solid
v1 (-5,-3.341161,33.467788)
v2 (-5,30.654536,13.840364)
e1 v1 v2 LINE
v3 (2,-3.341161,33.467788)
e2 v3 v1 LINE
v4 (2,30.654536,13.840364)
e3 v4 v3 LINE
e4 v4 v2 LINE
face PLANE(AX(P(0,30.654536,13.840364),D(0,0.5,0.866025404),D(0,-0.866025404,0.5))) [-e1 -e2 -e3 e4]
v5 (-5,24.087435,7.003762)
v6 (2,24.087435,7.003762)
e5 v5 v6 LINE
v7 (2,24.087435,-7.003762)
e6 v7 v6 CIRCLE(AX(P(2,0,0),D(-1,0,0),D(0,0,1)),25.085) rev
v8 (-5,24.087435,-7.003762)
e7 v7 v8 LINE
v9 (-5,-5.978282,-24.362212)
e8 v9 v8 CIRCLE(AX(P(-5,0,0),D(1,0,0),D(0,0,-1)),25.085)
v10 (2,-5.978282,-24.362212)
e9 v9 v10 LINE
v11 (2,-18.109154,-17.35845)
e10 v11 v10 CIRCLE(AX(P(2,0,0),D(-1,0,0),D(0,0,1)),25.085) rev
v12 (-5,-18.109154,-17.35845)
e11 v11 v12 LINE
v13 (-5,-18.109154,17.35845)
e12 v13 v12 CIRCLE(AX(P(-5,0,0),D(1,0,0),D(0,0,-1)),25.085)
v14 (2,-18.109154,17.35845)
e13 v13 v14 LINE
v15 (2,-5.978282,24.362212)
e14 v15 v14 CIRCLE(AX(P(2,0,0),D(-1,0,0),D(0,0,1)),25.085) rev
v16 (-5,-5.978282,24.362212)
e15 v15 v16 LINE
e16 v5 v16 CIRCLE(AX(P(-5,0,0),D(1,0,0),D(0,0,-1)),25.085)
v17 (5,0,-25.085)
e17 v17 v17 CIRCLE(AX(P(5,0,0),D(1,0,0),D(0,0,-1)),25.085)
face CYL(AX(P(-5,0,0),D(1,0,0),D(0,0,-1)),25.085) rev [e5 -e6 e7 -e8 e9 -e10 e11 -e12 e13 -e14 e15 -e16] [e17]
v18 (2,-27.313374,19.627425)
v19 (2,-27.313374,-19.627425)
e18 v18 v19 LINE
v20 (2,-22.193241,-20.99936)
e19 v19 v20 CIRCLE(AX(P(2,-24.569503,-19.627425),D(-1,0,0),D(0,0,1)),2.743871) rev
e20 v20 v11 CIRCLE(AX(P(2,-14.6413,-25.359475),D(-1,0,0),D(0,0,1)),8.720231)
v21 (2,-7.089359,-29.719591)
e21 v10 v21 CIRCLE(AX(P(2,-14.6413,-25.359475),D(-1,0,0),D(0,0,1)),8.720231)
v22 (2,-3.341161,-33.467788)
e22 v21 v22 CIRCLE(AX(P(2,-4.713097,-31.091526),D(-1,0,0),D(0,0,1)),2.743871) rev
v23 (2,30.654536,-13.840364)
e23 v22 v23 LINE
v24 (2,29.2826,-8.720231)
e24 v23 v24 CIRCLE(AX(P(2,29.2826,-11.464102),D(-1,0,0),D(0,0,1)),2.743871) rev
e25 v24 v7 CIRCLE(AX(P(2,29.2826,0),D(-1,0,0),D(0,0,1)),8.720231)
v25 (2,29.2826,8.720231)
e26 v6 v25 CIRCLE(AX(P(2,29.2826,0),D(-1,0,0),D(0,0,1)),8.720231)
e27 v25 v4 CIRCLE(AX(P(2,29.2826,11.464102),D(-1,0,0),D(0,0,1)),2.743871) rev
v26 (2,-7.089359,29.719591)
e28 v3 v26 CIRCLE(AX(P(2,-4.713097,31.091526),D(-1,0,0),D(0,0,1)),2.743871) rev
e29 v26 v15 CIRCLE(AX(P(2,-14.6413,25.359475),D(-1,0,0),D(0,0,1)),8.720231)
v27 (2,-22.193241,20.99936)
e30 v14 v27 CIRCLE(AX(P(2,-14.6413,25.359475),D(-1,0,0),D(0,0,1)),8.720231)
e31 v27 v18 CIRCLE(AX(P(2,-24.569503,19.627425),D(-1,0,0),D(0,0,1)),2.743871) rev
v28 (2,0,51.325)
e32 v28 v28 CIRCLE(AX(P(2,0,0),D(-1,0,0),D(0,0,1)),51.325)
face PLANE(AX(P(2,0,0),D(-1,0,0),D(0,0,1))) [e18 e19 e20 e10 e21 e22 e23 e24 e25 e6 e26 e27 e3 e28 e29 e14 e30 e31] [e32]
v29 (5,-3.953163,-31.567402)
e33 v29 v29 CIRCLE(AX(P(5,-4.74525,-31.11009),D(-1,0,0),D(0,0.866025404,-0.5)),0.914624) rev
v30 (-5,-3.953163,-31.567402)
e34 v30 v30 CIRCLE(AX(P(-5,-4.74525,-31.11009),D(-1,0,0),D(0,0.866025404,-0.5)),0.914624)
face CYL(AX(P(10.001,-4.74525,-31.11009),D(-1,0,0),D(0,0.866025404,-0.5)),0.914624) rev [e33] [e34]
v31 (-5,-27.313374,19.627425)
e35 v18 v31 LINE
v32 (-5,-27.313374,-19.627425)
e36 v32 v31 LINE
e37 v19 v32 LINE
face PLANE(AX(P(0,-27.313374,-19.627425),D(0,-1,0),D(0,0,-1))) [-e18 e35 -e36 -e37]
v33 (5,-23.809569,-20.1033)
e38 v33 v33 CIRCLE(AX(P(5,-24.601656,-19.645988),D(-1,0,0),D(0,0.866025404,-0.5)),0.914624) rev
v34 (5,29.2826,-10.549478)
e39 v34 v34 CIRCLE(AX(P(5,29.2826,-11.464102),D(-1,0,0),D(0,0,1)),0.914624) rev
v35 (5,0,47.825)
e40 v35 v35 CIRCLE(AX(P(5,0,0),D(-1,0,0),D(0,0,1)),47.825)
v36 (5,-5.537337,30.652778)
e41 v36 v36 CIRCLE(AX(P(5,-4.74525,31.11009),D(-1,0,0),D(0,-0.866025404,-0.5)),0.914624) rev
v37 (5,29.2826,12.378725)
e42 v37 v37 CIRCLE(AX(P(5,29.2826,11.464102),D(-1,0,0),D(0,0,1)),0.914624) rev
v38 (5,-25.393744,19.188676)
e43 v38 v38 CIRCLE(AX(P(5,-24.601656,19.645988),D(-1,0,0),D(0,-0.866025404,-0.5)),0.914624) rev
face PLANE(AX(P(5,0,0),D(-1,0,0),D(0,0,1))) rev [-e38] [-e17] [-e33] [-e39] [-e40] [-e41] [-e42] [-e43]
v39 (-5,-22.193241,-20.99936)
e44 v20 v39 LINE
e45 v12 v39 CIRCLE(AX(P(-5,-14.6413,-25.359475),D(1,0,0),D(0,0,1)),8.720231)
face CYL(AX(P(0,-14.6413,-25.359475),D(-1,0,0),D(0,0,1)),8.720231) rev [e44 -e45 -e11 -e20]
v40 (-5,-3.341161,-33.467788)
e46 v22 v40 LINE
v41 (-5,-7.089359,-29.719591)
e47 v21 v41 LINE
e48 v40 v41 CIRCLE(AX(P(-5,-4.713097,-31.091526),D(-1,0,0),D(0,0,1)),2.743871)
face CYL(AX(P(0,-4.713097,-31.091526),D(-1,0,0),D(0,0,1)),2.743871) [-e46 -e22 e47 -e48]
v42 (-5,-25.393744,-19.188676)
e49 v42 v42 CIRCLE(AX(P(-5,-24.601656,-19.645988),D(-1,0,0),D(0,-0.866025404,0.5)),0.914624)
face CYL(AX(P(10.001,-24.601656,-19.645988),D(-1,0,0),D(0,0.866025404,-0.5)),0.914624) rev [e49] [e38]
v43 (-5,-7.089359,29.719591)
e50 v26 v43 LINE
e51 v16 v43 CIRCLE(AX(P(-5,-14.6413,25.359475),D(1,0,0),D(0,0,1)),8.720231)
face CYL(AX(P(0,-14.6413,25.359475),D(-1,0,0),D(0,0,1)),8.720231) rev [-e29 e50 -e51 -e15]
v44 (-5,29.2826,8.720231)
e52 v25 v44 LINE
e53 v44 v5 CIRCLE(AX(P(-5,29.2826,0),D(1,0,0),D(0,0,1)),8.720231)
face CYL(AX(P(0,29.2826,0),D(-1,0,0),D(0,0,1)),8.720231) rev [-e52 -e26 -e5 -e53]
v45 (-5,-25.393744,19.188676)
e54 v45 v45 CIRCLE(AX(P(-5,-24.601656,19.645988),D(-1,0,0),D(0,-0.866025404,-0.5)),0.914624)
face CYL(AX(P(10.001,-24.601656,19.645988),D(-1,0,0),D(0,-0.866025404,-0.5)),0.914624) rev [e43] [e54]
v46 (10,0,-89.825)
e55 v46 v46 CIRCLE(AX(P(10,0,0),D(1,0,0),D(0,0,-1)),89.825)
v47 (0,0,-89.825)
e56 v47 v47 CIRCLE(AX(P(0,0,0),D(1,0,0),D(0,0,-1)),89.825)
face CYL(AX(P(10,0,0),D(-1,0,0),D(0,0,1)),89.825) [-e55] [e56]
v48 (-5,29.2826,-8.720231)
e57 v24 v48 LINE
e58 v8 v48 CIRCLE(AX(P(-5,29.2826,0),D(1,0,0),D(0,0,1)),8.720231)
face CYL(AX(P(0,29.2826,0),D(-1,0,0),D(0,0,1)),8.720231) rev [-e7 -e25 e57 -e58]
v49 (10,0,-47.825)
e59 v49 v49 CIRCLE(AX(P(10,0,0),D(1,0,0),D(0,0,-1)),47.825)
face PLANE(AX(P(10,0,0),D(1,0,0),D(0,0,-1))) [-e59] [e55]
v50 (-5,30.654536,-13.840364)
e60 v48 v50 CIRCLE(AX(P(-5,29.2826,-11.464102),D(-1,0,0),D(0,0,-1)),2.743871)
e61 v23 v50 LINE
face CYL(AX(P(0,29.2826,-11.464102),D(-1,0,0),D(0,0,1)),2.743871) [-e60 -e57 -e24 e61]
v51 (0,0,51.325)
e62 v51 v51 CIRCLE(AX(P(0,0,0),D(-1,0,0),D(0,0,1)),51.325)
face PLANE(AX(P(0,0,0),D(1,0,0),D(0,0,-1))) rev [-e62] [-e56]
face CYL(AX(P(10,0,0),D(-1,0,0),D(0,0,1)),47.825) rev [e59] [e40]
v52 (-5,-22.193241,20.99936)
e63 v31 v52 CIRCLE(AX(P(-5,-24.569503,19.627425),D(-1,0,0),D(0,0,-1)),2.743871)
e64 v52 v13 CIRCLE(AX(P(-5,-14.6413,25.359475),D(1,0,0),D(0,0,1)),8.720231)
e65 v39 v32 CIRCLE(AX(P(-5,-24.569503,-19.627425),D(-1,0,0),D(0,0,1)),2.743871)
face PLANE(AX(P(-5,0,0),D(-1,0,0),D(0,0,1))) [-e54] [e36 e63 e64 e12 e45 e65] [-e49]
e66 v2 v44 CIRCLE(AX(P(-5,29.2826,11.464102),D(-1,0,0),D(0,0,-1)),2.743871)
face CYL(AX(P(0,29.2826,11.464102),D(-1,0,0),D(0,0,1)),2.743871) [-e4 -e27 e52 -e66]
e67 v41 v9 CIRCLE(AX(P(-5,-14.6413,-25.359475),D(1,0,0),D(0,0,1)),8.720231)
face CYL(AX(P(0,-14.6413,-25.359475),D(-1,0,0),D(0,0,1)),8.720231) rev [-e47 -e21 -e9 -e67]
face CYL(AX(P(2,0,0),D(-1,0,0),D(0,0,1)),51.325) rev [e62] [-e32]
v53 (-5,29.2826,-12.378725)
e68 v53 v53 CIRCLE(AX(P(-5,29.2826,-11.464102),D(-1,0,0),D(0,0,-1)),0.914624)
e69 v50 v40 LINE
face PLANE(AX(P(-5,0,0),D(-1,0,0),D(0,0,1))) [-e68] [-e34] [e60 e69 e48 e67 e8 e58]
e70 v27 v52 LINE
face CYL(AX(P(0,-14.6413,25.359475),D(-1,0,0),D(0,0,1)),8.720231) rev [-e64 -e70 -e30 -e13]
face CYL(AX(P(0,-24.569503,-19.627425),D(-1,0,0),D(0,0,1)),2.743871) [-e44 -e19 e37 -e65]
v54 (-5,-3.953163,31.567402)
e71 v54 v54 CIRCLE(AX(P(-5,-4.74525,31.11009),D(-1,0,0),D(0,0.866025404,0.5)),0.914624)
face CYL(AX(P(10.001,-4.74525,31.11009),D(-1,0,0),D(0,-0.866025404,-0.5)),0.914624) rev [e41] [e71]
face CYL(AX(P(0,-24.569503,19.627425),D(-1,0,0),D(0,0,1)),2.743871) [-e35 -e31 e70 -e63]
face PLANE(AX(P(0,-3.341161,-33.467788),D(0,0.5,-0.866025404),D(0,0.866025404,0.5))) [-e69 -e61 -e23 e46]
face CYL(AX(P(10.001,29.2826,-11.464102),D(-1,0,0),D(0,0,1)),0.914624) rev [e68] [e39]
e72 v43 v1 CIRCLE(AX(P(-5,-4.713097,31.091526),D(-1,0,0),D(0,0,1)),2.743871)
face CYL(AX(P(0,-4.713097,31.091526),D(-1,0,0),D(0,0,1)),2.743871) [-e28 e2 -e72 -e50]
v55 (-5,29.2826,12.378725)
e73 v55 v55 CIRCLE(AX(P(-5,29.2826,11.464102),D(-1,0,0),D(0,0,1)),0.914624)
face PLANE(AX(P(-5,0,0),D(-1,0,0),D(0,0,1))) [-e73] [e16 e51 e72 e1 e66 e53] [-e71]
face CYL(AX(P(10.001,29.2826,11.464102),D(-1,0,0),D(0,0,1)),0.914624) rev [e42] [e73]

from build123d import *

# Parameters (mm, degrees)
SKETCH1_R                   = 89.825
SKETCH1_R_2                 = 47.825
BOSS_EXTRUDE1_DEPTH         = 10
SKETCH3_R                   = 47.825
TBH_IDK_DEPTH               = 5
EXTRUSION_START             = 5
SKETCH4_R                   = 47.825
EXTRUSION_TO_FUEL_MAN_DEPTH = 5
OX_DOWNCOMER_REACH          = 129.914
OX_PROFILE_R                = 0.914623685
OX_ORIFICES_COUNT           = 3
SKETCH7_R                   = 47.825
FUEL_BLOCKERS_DEPTH         = 5
SKETCH8_R                   = 25.085
TI_CUT_EXTRUDE_DEPTH        = 128.424727781
SKETCH9_R                   = 51.325
FUEL_VOLUME_DEPTH           = 2


with BuildPart() as part:
    # Sketch1 → Boss-Extrude1 (new body)
    with BuildSketch(Plane(origin=(0, 0, 0), x_dir=(0, 0, -1), z_dir=(1, 0, 0))):
        Circle(SKETCH1_R)
        Circle(SKETCH1_R_2, mode=Mode.SUBTRACT)
    extrude(amount=BOSS_EXTRUDE1_DEPTH)

    # Sketch3 → tbh idk (add)
    with BuildSketch(Plane.ZY):
        Circle(SKETCH3_R)
    extrude(amount=-TBH_IDK_DEPTH)

    # Sketch4 → Extrusion to Fuel Man (add)
    with BuildSketch(Plane.ZY.offset(EXTRUSION_START)):
        Circle(SKETCH4_R)
    extrude(amount=-EXTRUSION_TO_FUEL_MAN_DEPTH)

    # Ox Profile → Ox Downcomer (cut, up to next)
    with BuildSketch(Plane.ZY.offset(5), mode=Mode.PRIVATE) as ox_downcomer_sk1:
        with Locations((11.464101615, 29.2826)):
            Circle(OX_PROFILE_R)
    ox_downcomer_tool1 = extrude(ox_downcomer_sk1.sketch, amount=-OX_DOWNCOMER_REACH, mode=Mode.PRIVATE) & part.part
    # Ox Profile → Ox Downcomer (cut, up to next)
    with BuildSketch(Plane.ZY.offset(5), mode=Mode.PRIVATE) as ox_downcomer_sk2:
        with Locations((-11.464101615, 29.2826)):
            Circle(OX_PROFILE_R)
    ox_downcomer_tool2 = extrude(ox_downcomer_sk2.sketch, amount=-OX_DOWNCOMER_REACH, mode=Mode.PRIVATE) & part.part
    ox_downcomer_1 = ox_downcomer_tool1.solids().sort_by_distance((-5, 29.2826, 11.464102))[0]
    add(ox_downcomer_1, mode=Mode.SUBTRACT)
    ox_downcomer_2 = ox_downcomer_tool2.solids().sort_by_distance((-5, 29.2826, -11.464102))[0]
    add(ox_downcomer_2, mode=Mode.SUBTRACT)
    ox_downcomer = ox_downcomer_1 + ox_downcomer_2  # Ox Downcomer as one shape, for the pattern or mirror that repeats it

    # Ox Orifices: Ox Downcomer ×3 about axis
    ox_orifices_axis = Axis((0, -0.021435438, 0), (1, 0, 0))
    for i in range(1, OX_ORIFICES_COUNT):
        add(ox_downcomer.rotate(ox_orifices_axis, i * 360 / OX_ORIFICES_COUNT), mode=Mode.SUBTRACT)

    # Sketch7 → Fuel Blockers (cut)
    with BuildSketch(Plane.ZY.offset(5)):
        Circle(SKETCH7_R)
        with BuildLine():
            Line((-33.467788335, -3.341161242), (-13.840363653, 30.654535527))
            ThreePointArc((-13.840363653, 30.654535527), (-10.753935529, 31.932975916), (-8.72023056, 29.2826))
            ThreePointArc((-8.72023056, 29.2826), (0, 20.56236944), (8.72023056, 29.2826))
            ThreePointArc((8.72023056, 29.2826), (10.753935529, 31.932975916), (13.840363653, 30.654535527))
            Line((13.840363653, 30.654535527), (33.467788335, -3.341161242))
            ThreePointArc((33.467788335, -3.341161242), (33.031736126, -6.653306599), (29.719590769, -7.089358808))
            ThreePointArc((29.719590769, -7.089358808), (17.807534297, -10.28118472), (20.999360209, -22.193241192))
            ThreePointArc((20.999360209, -22.193241192), (22.277800597, -25.279669317), (19.627424681, -27.313374285))
            Line((19.627424681, -27.313374285), (-19.627424681, -27.313374285))
            ThreePointArc((-19.627424681, -27.313374285), (-22.277800597, -25.279669317), (-20.999360209, -22.193241192))
            ThreePointArc((-20.999360209, -22.193241192), (-17.807534297, -10.28118472), (-29.719590769, -7.089358808))
            ThreePointArc((-29.719590769, -7.089358808), (-33.031736126, -6.653306599), (-33.467788335, -3.341161242))
        make_face(mode=Mode.SUBTRACT)
    extrude(amount=-FUEL_BLOCKERS_DEPTH, mode=Mode.SUBTRACT)

    # Sketch8 → TI Cut Extrude (cut, through all)
    with BuildSketch(Plane(origin=(5, 0, 0), x_dir=(0, 0, -1), z_dir=(1, 0, 0))):
        Circle(SKETCH8_R)
    extrude(amount=-TI_CUT_EXTRUDE_DEPTH, mode=Mode.SUBTRACT)

    # Sketch9 → Fuel Volume (cut)
    with BuildSketch(Plane.ZY):
        Circle(SKETCH9_R)
        with BuildLine():
            ThreePointArc((-13.840363653, 30.654535527), (-10.753935529, 31.932975916), (-8.72023056, 29.2826))
            ThreePointArc((-8.72023056, 29.2826), (-8.280001273, 26.546909971), (-7.003762198, 24.087435315))
            ThreePointArc((-7.003762198, 24.087435315), (0, 25.085), (7.003762198, 24.087435315))
            ThreePointArc((7.003762198, 24.087435315), (8.280001273, 26.546909971), (8.72023056, 29.2826))
            ThreePointArc((8.72023056, 29.2826), (10.753935529, 31.932975916), (13.840363653, 30.654535527))
            Line((13.840363653, 30.654535527), (33.467788335, -3.341161242))
            ThreePointArc((33.467788335, -3.341161242), (33.031736126, -6.653306599), (29.719590769, -7.089358808))
            ThreePointArc((29.719590769, -7.089358808), (27.130299064, -6.102763539), (24.362211994, -5.978281672))
            ThreePointArc((24.362211994, -5.978281672), (21.724247254, -12.5425), (17.358449796, -18.109153643))
            ThreePointArc((17.358449796, -18.109153643), (18.85029779, -20.444146432), (20.999360209, -22.193241192))
            ThreePointArc((20.999360209, -22.193241192), (22.277800597, -25.279669317), (19.627424681, -27.313374285))
            Line((19.627424681, -27.313374285), (-19.627424681, -27.313374285))
            ThreePointArc((-19.627424681, -27.313374285), (-22.277800597, -25.279669317), (-20.999360209, -22.193241192))
            ThreePointArc((-20.999360209, -22.193241192), (-18.85029779, -20.444146432), (-17.358449796, -18.109153643))
            ThreePointArc((-17.358449796, -18.109153643), (-21.724247254, -12.5425), (-24.362211994, -5.978281672))
            ThreePointArc((-24.362211994, -5.978281672), (-27.130299064, -6.102763539), (-29.719590769, -7.089358808))
            ThreePointArc((-29.719590769, -7.089358808), (-33.031736126, -6.653306599), (-33.467788335, -3.341161242))
            Line((-33.467788335, -3.341161242), (-13.840363653, 30.654535527))
        make_face(mode=Mode.SUBTRACT)
    extrude(amount=-FUEL_VOLUME_DEPTH, mode=Mode.SUBTRACT)


solid = part.part
